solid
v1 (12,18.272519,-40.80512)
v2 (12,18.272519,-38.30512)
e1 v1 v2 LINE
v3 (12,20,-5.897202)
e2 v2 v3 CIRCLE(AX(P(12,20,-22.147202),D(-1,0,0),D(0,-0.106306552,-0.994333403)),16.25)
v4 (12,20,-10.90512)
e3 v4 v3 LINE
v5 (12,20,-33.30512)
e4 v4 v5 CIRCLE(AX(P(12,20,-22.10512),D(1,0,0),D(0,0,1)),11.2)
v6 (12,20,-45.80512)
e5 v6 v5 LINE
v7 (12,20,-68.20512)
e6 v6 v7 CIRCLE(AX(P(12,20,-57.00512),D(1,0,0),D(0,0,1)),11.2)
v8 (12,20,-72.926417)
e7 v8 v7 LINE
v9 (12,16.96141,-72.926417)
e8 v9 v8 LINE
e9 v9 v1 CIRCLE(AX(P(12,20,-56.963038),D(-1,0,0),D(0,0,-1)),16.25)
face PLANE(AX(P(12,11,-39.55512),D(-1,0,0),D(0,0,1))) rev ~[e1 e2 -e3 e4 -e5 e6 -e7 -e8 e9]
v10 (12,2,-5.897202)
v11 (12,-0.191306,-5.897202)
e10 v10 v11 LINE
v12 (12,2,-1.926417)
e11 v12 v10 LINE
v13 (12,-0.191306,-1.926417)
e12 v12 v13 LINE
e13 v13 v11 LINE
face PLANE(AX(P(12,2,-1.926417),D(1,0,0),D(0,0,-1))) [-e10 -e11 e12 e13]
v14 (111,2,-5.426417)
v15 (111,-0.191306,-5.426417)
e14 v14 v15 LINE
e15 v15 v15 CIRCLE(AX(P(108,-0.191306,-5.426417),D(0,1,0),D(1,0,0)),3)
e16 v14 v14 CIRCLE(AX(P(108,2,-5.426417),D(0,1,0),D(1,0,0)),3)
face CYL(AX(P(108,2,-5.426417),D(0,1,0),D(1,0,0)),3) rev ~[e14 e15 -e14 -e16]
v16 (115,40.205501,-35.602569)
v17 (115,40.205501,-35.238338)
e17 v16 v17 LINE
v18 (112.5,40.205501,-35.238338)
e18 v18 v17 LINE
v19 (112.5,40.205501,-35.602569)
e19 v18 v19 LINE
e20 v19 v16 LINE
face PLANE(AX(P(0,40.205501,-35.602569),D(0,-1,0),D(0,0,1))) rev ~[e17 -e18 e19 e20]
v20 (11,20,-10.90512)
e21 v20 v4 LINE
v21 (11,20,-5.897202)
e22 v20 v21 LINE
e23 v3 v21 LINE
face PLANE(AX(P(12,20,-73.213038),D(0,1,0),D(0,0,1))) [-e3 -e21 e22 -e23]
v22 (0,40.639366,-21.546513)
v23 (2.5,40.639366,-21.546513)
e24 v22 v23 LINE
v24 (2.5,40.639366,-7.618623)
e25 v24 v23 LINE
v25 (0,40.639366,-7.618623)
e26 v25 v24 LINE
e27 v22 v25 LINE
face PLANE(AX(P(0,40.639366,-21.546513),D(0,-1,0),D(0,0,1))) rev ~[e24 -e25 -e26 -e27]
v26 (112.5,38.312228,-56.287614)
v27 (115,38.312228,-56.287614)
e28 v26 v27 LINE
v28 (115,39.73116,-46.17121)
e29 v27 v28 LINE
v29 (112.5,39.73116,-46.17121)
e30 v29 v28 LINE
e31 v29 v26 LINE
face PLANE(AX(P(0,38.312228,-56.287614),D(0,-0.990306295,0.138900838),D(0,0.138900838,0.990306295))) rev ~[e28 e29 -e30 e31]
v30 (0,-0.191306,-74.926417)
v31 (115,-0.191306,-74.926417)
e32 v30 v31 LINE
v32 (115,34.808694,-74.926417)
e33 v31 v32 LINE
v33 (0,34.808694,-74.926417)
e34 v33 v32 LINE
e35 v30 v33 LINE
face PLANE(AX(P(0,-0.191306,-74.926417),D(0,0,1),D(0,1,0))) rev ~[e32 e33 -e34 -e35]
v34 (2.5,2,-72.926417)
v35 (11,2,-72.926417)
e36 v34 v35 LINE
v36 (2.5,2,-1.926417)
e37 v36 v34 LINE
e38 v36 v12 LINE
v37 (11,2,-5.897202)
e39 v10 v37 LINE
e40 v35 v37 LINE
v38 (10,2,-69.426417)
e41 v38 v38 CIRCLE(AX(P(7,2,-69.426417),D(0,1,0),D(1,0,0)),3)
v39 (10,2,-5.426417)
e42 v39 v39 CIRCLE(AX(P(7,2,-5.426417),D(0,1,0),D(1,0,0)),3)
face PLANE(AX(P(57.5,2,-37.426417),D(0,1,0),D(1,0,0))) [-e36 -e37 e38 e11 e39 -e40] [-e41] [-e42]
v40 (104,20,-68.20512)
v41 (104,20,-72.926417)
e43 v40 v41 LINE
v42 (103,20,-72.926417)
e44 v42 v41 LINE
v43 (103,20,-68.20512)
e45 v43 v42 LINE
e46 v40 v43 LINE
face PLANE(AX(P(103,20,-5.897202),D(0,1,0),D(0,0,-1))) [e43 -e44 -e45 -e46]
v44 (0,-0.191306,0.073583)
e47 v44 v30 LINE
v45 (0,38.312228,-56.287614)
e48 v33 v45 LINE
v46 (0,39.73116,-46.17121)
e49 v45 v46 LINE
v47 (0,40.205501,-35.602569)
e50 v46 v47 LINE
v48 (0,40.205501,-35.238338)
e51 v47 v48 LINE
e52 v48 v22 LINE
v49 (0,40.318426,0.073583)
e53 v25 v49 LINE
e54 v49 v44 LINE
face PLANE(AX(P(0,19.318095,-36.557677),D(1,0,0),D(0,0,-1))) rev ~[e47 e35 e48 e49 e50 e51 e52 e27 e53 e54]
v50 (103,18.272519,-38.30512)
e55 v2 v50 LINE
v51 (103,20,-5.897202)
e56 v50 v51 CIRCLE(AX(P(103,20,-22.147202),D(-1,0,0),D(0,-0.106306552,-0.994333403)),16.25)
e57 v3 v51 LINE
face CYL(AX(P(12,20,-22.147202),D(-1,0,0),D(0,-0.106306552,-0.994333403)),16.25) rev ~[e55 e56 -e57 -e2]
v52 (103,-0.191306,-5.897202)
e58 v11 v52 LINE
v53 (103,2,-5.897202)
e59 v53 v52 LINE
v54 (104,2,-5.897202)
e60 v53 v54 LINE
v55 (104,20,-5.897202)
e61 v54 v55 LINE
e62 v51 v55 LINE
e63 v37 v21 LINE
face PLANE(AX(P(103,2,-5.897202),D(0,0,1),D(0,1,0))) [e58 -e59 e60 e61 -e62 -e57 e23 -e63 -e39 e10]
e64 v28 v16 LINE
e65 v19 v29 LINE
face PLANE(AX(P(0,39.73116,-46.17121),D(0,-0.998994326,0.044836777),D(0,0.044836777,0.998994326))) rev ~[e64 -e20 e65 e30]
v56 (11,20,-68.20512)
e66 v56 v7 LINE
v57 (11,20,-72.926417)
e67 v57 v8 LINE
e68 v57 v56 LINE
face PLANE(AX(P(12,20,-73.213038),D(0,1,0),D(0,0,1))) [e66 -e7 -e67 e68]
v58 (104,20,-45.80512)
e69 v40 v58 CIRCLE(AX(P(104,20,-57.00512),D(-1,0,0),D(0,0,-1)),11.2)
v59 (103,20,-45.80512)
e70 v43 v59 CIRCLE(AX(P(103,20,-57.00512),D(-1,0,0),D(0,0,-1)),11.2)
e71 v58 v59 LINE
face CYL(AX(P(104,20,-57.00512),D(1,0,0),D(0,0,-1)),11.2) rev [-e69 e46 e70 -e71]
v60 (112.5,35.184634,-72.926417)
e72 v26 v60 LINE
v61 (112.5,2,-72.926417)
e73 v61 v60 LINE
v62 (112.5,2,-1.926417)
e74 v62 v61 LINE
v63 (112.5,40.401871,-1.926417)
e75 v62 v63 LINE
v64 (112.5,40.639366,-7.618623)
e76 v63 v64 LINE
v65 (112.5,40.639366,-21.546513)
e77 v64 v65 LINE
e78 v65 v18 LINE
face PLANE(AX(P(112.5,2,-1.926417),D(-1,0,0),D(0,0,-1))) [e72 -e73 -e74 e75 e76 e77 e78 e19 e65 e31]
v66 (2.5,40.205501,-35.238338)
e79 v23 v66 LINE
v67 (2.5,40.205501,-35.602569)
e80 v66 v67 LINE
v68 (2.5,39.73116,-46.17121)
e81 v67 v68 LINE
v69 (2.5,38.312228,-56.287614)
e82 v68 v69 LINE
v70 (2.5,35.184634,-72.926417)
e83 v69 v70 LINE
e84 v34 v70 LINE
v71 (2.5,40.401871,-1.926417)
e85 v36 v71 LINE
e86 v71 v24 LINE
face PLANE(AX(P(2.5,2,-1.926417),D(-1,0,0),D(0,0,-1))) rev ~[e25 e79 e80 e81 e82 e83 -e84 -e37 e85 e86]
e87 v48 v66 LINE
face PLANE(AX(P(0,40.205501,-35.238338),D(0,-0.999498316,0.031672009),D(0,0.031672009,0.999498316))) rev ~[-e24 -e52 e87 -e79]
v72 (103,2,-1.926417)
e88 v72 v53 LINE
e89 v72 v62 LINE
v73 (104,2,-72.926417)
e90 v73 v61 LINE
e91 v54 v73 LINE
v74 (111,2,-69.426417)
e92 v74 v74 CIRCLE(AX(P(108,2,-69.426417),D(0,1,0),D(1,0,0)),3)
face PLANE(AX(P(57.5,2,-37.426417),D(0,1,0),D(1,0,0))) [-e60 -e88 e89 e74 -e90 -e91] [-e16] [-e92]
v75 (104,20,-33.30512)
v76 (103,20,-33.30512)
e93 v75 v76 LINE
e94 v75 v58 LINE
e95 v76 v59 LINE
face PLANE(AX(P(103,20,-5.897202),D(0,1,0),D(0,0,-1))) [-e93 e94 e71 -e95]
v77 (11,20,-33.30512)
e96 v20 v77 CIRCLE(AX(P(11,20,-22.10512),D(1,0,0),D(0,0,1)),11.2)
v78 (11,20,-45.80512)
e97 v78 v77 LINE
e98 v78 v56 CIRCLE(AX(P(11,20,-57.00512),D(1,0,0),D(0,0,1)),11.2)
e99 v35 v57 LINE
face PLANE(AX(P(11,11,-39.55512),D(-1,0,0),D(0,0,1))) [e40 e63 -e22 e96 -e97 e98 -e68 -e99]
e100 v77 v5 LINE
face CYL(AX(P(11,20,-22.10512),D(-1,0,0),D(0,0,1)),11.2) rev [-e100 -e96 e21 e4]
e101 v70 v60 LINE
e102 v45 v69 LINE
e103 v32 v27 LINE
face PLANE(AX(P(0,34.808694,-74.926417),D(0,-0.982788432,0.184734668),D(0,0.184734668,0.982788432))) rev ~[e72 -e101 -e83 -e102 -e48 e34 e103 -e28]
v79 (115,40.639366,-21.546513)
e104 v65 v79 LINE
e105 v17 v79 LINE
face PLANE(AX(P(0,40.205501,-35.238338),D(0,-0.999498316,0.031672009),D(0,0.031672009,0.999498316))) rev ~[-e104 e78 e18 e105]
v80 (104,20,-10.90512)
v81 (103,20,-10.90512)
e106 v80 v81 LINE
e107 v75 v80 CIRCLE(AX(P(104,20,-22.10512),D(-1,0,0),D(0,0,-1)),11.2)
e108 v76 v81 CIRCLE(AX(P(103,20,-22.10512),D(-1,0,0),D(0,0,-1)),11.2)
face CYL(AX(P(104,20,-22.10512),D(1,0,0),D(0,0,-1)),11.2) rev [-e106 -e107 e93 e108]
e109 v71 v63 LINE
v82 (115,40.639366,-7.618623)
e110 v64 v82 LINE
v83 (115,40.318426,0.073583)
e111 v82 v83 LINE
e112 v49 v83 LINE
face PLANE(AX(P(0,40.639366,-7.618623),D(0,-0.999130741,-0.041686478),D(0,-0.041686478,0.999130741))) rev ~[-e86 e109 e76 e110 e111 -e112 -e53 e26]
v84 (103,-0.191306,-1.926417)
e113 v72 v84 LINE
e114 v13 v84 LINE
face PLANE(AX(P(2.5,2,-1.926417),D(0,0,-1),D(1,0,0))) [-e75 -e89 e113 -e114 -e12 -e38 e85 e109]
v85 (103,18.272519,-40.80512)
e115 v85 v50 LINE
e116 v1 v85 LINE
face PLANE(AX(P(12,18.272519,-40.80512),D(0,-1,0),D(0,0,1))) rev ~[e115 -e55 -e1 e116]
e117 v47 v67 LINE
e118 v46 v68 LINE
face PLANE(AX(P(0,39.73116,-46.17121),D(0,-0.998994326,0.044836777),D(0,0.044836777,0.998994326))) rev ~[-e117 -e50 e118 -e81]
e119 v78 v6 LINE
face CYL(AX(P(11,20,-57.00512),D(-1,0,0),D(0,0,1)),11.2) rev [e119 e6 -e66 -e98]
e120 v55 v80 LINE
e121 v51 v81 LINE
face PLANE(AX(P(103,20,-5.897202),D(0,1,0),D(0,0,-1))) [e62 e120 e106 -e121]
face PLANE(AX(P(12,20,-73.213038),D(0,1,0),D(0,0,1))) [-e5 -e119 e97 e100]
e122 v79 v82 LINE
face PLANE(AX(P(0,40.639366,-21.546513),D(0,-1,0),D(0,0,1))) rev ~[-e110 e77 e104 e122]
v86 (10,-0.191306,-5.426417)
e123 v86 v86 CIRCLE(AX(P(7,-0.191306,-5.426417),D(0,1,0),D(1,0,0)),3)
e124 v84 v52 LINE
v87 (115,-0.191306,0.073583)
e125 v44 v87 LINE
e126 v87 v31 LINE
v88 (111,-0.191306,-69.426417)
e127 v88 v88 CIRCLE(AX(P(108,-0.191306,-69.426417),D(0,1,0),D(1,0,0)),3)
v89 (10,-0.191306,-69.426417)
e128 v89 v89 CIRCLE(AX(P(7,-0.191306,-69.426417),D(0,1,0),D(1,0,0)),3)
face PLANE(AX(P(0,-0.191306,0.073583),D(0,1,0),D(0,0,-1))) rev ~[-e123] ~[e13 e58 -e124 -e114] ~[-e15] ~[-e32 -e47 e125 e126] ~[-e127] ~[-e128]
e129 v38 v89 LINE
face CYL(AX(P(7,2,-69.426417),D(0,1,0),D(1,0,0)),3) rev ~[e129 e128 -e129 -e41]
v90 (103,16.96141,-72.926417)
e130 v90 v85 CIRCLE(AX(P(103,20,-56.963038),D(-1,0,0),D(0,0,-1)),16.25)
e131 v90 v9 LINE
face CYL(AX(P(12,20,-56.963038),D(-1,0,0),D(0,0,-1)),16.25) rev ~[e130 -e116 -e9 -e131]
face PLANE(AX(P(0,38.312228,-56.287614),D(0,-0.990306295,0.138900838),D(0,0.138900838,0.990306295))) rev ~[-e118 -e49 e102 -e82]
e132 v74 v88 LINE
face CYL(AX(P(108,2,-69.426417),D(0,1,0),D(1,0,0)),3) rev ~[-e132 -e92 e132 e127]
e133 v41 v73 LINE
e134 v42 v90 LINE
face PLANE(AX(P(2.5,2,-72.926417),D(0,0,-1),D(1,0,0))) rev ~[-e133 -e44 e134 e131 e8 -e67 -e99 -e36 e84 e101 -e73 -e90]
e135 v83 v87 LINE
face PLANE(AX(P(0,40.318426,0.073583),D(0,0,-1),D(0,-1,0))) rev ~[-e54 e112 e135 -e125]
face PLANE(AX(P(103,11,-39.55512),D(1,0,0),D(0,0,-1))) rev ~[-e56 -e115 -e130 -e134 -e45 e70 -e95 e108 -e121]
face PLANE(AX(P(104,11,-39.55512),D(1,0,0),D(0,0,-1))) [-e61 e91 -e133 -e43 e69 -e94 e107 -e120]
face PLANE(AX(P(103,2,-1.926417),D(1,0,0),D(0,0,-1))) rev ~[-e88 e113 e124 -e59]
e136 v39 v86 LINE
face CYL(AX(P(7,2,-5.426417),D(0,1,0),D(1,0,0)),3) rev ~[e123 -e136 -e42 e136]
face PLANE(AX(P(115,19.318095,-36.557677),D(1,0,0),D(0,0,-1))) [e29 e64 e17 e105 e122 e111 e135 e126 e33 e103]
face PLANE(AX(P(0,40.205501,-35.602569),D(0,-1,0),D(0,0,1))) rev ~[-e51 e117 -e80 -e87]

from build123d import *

# Parameters (mm, degrees)
BOSS_EXTRUDE6_DEPTH = 115
CUT_EXTRUDE5_START  = 2
SKETCH17_W          = 110
SKETCH17_H          = 71
CUT_EXTRUDE5_DEPTH  = 115
BOSS_EXTRUDE7_START = -12
BOSS_EXTRUDE7_DEPTH = 91
SKETCH22_R          = 3
SKETCH22_W          = 91
SKETCH22_H          = 3.970785373
CUT_EXTRUDE6_DEPTH  = 3.191306198
BOSS_EXTRUDE8_START = -12
SKETCH23_W          = 67.315835607
SKETCH23_H          = 18
BOSS_EXTRUDE8_DEPTH = 1
BOSS_EXTRUDE9_START = -12
SKETCH24_W          = 67.315835607
SKETCH24_H          = 18
BOSS_EXTRUDE9_DEPTH = 1
CUT_EXTRUDE7_DEPTH  = 1
CUT_EXTRUDE8_DEPTH  = 1


with BuildPart() as part:
    # Sketch16 → Boss-Extrude6 (new body)
    with BuildSketch(Plane(origin=(0, 0, 0), x_dir=(0, 0, -1), z_dir=(1, 0, 0))):
        Polygon((21.546513219, 40.639365956), (7.618622676, 40.639365956), (-0.073583226, 40.318426006), (-0.073583226, -0.191306198), (74.926416774, -0.191306198), (74.926416774, 34.808693802), (56.287613548, 38.312228243), (46.171210173, 39.731159859), (35.60256896, 40.205500696), (35.23833782, 40.205500696), align=None)
    extrude(amount=BOSS_EXTRUDE6_DEPTH)

    # Sketch17 → Cut-Extrude5 (cut)
    with BuildSketch(Plane(origin=(0, 0, 0), x_dir=(1, 0, 0), z_dir=(0, 1, 0)).offset(CUT_EXTRUDE5_START)):
        with Locations((57.5, 37.426416774)):
            Rectangle(SKETCH17_W, SKETCH17_H)
    extrude(amount=CUT_EXTRUDE5_DEPTH, mode=Mode.SUBTRACT)

    # Sketch21 → Boss-Extrude7 (add)
    with BuildSketch(Plane.ZY.offset(BOSS_EXTRUDE7_START)):
        with BuildLine():
            Line((-73.213037754, 2), (-73.213037754, 20))
            ThreePointArc((-73.213037754, 20), (-57.828004717, 3.773036878), (-40.805119951, 18.272518522))
            Line((-40.805119951, 18.272518522), (-38.305119951, 18.272518522))
            ThreePointArc((-38.305119951, 18.272518522), (-21.282235184, 3.773036878), (-5.897202147, 20))
            Line((-5.897202147, 20), (-5.897202147, 2))
            Line((-5.897202147, 2), (-73.213037754, 2))
        make_face()
    extrude(amount=-BOSS_EXTRUDE7_DEPTH)

    # Sketch22 → Cut-Extrude6 (cut, through all)
    with BuildSketch(Plane(origin=(0, 2, 0), x_dir=(1, 0, 0), z_dir=(0, 1, 0))):
        with Locations((7, 69.426416774)):
            Circle(SKETCH22_R)
        with Locations((108, 69.426416774)):
            Circle(SKETCH22_R)
        with Locations((108, 5.426416774)):
            Circle(SKETCH22_R)
        with Locations((7, 5.426416774)):
            Circle(SKETCH22_R)
        with Locations((57.5, 3.911809461)):
            Rectangle(SKETCH22_W, SKETCH22_H)
    extrude(amount=-CUT_EXTRUDE6_DEPTH, mode=Mode.SUBTRACT)

    # Sketch23 → Boss-Extrude8 (add)
    with BuildSketch(Plane.ZY.offset(BOSS_EXTRUDE8_START)):
        with Locations((-39.55511995, 11)):
            Rectangle(SKETCH23_W, SKETCH23_H)
    extrude(amount=BOSS_EXTRUDE8_DEPTH)

    # Sketch24 → Boss-Extrude9 (add)
    with BuildSketch(Plane(origin=(115, 0, 0), x_dir=(0, 0, -1), z_dir=(1, 0, 0)).offset(BOSS_EXTRUDE9_START)):
        with Locations((39.55511995, 11)):
            Rectangle(SKETCH24_W, SKETCH24_H)
    extrude(amount=BOSS_EXTRUDE9_DEPTH)

    # Sketch25 → Cut-Extrude7 (cut)
    with BuildSketch(Plane.ZY.offset(-11)):
        with BuildLine():
            Line((-68.205119951, 20), (-45.805119951, 20))
            ThreePointArc((-45.805119951, 20), (-57.005119951, 8.8), (-68.205119951, 20))
        make_face()
        with BuildLine():
            Line((-33.305119951, 20), (-10.905119951, 20))
            ThreePointArc((-10.905119951, 20), (-22.105119951, 8.8), (-33.305119951, 20))
        make_face()
    extrude(amount=-CUT_EXTRUDE7_DEPTH, mode=Mode.SUBTRACT)

    # Sketch26 → Cut-Extrude8 (cut)
    with BuildSketch(Plane(origin=(104, 0, 0), x_dir=(0, 0, -1), z_dir=(1, 0, 0))):
        with BuildLine():
            Line((10.905119951, 20), (33.305119951, 20))
            ThreePointArc((33.305119951, 20), (22.105119951, 8.8), (10.905119951, 20))
        make_face()
        with BuildLine():
            Line((45.805119951, 20), (68.205119951, 20))
            ThreePointArc((68.205119951, 20), (57.005119951, 8.8), (45.805119951, 20))
        make_face()
    extrude(amount=-CUT_EXTRUDE8_DEPTH, mode=Mode.SUBTRACT)


solid = part.part
